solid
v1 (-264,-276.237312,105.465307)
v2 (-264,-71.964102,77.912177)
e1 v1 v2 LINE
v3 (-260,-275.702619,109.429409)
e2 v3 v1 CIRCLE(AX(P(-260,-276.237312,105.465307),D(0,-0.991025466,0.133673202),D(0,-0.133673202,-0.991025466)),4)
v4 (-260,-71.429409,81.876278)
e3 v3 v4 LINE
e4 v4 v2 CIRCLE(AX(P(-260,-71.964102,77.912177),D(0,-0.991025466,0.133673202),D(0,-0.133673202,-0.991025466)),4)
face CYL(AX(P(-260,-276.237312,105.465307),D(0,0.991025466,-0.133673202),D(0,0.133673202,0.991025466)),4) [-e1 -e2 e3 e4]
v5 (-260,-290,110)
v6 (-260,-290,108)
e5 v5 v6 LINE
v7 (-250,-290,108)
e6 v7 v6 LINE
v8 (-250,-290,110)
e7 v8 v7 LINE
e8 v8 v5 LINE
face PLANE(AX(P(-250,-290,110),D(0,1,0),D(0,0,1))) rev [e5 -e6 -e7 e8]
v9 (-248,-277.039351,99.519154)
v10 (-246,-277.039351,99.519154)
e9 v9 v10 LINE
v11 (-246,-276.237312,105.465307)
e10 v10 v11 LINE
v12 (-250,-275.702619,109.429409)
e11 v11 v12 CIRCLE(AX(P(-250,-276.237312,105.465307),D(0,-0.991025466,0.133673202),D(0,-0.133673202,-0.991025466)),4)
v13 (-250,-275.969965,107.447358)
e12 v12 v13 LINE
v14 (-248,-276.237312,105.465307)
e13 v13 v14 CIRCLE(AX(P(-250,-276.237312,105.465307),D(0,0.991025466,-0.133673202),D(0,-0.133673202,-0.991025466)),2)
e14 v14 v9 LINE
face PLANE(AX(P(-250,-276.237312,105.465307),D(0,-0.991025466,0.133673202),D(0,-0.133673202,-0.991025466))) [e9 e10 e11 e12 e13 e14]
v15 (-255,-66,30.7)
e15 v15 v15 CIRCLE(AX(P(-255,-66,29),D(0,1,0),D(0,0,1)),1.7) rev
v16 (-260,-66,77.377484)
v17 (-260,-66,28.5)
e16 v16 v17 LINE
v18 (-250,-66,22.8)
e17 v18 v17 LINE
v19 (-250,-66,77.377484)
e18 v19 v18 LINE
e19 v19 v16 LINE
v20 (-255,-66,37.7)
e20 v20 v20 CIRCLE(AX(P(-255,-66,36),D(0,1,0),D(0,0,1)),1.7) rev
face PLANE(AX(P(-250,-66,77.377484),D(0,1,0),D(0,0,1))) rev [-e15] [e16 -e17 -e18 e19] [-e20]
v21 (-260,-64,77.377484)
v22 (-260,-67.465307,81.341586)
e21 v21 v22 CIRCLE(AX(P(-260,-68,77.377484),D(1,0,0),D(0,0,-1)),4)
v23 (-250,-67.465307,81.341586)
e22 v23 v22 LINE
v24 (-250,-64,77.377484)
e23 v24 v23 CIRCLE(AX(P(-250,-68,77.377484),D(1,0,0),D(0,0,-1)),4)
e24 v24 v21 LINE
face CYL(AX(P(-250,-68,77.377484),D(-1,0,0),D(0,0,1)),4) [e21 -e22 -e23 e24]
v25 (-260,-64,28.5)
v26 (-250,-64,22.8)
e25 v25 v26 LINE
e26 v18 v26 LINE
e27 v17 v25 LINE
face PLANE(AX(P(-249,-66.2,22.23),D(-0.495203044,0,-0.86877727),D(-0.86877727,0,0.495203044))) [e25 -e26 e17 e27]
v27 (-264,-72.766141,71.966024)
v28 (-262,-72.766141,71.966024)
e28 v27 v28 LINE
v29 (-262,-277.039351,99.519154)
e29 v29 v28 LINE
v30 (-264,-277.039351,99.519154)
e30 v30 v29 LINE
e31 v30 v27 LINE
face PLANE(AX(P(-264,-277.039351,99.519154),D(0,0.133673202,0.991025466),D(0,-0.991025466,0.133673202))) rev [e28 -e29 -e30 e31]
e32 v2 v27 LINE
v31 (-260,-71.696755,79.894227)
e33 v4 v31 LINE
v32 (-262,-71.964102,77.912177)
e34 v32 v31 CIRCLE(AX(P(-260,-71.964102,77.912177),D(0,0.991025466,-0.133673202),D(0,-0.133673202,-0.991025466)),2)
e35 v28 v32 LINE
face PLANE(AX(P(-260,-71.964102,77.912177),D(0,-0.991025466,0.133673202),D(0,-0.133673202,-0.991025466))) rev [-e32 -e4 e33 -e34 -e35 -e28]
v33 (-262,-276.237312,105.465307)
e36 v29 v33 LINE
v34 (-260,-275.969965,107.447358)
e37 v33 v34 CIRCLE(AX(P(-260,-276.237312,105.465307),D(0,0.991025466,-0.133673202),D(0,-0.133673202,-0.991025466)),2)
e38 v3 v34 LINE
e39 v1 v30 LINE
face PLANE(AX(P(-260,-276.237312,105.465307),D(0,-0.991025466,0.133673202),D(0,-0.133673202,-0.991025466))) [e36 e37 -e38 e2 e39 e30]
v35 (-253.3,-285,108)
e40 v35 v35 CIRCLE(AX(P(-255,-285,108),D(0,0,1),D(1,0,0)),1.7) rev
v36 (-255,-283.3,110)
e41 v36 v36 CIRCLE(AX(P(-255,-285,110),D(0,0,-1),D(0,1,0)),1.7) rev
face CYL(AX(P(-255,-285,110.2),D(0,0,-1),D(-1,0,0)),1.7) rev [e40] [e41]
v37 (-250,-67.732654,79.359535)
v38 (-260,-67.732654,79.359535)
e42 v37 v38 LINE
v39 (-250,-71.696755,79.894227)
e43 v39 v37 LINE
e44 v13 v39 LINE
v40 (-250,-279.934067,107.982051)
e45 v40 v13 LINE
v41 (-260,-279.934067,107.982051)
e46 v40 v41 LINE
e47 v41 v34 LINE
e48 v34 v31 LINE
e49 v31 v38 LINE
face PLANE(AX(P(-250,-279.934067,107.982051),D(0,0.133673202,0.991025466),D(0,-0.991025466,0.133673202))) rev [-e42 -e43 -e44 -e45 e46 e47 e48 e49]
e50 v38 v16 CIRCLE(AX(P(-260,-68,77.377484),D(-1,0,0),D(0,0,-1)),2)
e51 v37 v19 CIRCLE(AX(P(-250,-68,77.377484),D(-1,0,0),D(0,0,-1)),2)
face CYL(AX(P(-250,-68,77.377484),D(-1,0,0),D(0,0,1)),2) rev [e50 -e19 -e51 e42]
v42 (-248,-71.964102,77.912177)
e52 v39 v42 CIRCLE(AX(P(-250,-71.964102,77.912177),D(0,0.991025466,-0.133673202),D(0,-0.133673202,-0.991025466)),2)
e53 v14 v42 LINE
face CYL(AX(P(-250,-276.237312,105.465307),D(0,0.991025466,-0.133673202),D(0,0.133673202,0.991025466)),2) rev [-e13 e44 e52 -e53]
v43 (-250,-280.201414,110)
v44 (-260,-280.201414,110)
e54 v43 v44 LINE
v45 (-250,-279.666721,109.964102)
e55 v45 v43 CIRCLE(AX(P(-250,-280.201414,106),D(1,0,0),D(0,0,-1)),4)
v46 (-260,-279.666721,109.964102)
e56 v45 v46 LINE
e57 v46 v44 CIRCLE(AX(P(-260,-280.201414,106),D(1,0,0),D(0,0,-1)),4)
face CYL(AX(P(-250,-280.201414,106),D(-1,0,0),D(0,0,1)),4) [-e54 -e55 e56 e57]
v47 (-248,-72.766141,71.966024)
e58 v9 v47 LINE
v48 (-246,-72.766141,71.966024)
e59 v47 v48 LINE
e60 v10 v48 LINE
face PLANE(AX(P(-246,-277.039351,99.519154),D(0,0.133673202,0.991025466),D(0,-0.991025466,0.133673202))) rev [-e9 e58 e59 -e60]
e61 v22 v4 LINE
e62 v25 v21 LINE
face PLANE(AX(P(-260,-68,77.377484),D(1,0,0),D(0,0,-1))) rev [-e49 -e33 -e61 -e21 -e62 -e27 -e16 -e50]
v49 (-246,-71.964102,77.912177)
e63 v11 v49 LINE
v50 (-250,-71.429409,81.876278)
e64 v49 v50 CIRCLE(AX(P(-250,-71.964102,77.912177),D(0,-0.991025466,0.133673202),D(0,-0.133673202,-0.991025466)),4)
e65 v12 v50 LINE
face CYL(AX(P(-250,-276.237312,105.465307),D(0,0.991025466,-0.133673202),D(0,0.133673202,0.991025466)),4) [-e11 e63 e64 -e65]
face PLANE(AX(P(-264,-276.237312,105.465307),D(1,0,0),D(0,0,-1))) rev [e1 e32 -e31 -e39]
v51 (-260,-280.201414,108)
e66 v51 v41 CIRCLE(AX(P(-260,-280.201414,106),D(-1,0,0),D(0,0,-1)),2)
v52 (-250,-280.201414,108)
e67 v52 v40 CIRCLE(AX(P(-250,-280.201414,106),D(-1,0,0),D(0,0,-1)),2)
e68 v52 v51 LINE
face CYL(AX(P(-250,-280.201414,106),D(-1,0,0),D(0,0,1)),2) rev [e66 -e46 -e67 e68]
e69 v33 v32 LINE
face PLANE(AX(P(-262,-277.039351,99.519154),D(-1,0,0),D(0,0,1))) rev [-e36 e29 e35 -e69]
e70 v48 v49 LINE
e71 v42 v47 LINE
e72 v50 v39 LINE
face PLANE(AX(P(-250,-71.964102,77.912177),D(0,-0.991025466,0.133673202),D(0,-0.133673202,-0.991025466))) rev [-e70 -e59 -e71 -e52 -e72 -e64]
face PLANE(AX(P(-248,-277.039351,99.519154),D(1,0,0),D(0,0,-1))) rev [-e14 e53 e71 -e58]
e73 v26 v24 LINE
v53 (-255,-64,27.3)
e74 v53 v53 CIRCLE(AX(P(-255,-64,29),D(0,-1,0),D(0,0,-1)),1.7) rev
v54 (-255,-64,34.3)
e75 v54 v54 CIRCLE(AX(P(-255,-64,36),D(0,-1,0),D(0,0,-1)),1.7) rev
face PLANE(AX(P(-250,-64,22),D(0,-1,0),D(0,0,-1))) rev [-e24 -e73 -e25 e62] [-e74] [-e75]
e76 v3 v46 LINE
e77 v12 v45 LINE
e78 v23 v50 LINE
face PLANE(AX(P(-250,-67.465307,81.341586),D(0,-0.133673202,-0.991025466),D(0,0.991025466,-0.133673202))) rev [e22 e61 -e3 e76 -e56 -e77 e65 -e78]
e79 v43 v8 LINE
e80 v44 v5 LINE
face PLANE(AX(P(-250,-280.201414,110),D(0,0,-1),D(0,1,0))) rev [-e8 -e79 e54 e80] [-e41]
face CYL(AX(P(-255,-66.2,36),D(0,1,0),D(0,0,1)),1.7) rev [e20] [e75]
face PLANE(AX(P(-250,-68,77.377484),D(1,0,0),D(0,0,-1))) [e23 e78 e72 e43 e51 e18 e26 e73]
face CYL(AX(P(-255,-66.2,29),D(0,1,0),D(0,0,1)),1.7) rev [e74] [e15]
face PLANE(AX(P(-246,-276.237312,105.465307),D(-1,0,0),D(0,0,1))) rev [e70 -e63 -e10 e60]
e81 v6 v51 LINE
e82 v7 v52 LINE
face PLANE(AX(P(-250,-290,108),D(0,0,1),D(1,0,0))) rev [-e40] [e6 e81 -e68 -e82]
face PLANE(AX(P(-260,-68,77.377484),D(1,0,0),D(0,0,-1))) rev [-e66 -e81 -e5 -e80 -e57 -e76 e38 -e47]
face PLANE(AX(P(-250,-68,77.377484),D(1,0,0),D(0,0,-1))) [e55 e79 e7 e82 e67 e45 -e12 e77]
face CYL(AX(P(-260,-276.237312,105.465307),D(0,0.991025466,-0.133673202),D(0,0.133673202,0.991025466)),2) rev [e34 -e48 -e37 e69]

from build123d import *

# Parameters (mm, degrees)
FORMED_WEB_DEPTH           = 10
EDGE_STIFFENING_LIPS_DEPTH = 206.123068282
WALL_MOUNT_HOLE_SKETCH_R   = 1.7
WALL_MOUNT_HOLES_DEPTH     = 2.4
COVER_MOUNT_HOLE_SKETCH_R  = 1.7
COVER_MOUNT_HOLE_DEPTH     = 2.4
LOWER_EDGE_CLEARANCE_DEPTH = 2.4


with BuildPart() as part:
    # Formed Web Section Sketch → Formed Web (new body)
    with BuildSketch(Plane(origin=(-260, 0, 0), x_dir=(0, 0, -1), z_dir=(1, 0, 0))):
        with BuildLine():
            Line((-22, -64), (-77.377483747, -64))
            ThreePointArc((-77.377483747, -64), (-80.010089753, -64.988457933), (-81.341585612, -67.46530719))
            Line((-81.341585612, -67.46530719), (-109.964101865, -279.66672079))
            ThreePointArc((-109.964101865, -279.66672079), (-109.991015376, -279.933465342), (-110, -280.2014136))
            Line((-110, -280.2014136), (-110, -290))
            Line((-110, -290), (-108, -290))
            Line((-108, -290), (-108, -280.2014136))
            ThreePointArc((-108, -280.2014136), (-107.995507688, -280.067439471), (-107.982050933, -279.934067195))
            Line((-107.982050933, -279.934067195), (-79.35953468, -67.732653595))
            ThreePointArc((-79.35953468, -67.732653595), (-78.69378675, -66.494228967), (-77.377483747, -66))
            Line((-77.377483747, -66), (-22, -66))
            Line((-22, -66), (-22, -64))
        make_face()
    extrude(amount=FORMED_WEB_DEPTH)

    # Edge Lip Sketch → Edge Stiffening Lips (add)
    with BuildSketch(Plane(origin=(0, -80.999511953, 10.925515566), x_dir=(-1, 0, 0), z_dir=(0, -0.9910254663478989, 0.1336732024376229))):
        with BuildLine():
            Line((264, -67.593279149), (264, -61.593279149))
            Line((264, -61.593279149), (262, -61.593279149))
            Line((262, -61.593279149), (262, -67.593279149))
            ThreePointArc((262, -67.593279149), (261.414213562, -69.007492712), (260, -69.593279149))
            Line((260, -69.593279149), (259.9, -69.593279149))
            Line((259.9, -69.593279149), (259.9, -71.593279149))
            Line((259.9, -71.593279149), (260, -71.593279149))
            ThreePointArc((260, -71.593279149), (262.828427125, -70.421706274), (264, -67.593279149))
        make_face()
        with BuildLine():
            Line((246, -67.593279149), (246, -61.593279149))
            Line((246, -61.593279149), (248, -61.593279149))
            Line((248, -61.593279149), (248, -67.593279149))
            ThreePointArc((248, -67.593279149), (248.585786438, -69.007492712), (250, -69.593279149))
            Line((250, -69.593279149), (250.1, -69.593279149))
            Line((250.1, -69.593279149), (250.1, -71.593279149))
            Line((250.1, -71.593279149), (250, -71.593279149))
            ThreePointArc((250, -71.593279149), (247.171572875, -70.421706274), (246, -67.593279149))
        make_face()
    extrude(amount=EDGE_STIFFENING_LIPS_DEPTH)

    # Wall Mount Hole Sketch → Wall Mount Holes (cut)
    with BuildSketch(Plane(origin=(0, -63.8, 0), x_dir=(-1, 0, 0), z_dir=(0, -1, 0))):
        with Locations(Location((255, -29, 0), (0, 0, 270))):
            Circle(WALL_MOUNT_HOLE_SKETCH_R)
        with Locations(Location((255, -36, 0), (0, 0, 270))):
            Circle(WALL_MOUNT_HOLE_SKETCH_R)
    extrude(amount=WALL_MOUNT_HOLES_DEPTH, mode=Mode.SUBTRACT)

    # Cover Mount Hole Sketch → Cover Mount Hole (cut)
    with BuildSketch(Plane.XY.offset(107.8)):
        with Locations(Location((-255, -285, 0), (0, 0, 90))):
            Circle(COVER_MOUNT_HOLE_SKETCH_R)
    extrude(amount=COVER_MOUNT_HOLE_DEPTH, mode=Mode.SUBTRACT)

    # Lower Edge Clearance Sketch → Lower Edge Clearance (cut)
    with BuildSketch(Plane(origin=(0, -63.8, 0), x_dir=(-1, 0, 0), z_dir=(0, -1, 0))):
        Polygon((261, -20), (249, -20), (249, -22.23), (261, -29.07), align=None)
    extrude(amount=LOWER_EDGE_CLEARANCE_DEPTH, mode=Mode.SUBTRACT)


solid = part.part
